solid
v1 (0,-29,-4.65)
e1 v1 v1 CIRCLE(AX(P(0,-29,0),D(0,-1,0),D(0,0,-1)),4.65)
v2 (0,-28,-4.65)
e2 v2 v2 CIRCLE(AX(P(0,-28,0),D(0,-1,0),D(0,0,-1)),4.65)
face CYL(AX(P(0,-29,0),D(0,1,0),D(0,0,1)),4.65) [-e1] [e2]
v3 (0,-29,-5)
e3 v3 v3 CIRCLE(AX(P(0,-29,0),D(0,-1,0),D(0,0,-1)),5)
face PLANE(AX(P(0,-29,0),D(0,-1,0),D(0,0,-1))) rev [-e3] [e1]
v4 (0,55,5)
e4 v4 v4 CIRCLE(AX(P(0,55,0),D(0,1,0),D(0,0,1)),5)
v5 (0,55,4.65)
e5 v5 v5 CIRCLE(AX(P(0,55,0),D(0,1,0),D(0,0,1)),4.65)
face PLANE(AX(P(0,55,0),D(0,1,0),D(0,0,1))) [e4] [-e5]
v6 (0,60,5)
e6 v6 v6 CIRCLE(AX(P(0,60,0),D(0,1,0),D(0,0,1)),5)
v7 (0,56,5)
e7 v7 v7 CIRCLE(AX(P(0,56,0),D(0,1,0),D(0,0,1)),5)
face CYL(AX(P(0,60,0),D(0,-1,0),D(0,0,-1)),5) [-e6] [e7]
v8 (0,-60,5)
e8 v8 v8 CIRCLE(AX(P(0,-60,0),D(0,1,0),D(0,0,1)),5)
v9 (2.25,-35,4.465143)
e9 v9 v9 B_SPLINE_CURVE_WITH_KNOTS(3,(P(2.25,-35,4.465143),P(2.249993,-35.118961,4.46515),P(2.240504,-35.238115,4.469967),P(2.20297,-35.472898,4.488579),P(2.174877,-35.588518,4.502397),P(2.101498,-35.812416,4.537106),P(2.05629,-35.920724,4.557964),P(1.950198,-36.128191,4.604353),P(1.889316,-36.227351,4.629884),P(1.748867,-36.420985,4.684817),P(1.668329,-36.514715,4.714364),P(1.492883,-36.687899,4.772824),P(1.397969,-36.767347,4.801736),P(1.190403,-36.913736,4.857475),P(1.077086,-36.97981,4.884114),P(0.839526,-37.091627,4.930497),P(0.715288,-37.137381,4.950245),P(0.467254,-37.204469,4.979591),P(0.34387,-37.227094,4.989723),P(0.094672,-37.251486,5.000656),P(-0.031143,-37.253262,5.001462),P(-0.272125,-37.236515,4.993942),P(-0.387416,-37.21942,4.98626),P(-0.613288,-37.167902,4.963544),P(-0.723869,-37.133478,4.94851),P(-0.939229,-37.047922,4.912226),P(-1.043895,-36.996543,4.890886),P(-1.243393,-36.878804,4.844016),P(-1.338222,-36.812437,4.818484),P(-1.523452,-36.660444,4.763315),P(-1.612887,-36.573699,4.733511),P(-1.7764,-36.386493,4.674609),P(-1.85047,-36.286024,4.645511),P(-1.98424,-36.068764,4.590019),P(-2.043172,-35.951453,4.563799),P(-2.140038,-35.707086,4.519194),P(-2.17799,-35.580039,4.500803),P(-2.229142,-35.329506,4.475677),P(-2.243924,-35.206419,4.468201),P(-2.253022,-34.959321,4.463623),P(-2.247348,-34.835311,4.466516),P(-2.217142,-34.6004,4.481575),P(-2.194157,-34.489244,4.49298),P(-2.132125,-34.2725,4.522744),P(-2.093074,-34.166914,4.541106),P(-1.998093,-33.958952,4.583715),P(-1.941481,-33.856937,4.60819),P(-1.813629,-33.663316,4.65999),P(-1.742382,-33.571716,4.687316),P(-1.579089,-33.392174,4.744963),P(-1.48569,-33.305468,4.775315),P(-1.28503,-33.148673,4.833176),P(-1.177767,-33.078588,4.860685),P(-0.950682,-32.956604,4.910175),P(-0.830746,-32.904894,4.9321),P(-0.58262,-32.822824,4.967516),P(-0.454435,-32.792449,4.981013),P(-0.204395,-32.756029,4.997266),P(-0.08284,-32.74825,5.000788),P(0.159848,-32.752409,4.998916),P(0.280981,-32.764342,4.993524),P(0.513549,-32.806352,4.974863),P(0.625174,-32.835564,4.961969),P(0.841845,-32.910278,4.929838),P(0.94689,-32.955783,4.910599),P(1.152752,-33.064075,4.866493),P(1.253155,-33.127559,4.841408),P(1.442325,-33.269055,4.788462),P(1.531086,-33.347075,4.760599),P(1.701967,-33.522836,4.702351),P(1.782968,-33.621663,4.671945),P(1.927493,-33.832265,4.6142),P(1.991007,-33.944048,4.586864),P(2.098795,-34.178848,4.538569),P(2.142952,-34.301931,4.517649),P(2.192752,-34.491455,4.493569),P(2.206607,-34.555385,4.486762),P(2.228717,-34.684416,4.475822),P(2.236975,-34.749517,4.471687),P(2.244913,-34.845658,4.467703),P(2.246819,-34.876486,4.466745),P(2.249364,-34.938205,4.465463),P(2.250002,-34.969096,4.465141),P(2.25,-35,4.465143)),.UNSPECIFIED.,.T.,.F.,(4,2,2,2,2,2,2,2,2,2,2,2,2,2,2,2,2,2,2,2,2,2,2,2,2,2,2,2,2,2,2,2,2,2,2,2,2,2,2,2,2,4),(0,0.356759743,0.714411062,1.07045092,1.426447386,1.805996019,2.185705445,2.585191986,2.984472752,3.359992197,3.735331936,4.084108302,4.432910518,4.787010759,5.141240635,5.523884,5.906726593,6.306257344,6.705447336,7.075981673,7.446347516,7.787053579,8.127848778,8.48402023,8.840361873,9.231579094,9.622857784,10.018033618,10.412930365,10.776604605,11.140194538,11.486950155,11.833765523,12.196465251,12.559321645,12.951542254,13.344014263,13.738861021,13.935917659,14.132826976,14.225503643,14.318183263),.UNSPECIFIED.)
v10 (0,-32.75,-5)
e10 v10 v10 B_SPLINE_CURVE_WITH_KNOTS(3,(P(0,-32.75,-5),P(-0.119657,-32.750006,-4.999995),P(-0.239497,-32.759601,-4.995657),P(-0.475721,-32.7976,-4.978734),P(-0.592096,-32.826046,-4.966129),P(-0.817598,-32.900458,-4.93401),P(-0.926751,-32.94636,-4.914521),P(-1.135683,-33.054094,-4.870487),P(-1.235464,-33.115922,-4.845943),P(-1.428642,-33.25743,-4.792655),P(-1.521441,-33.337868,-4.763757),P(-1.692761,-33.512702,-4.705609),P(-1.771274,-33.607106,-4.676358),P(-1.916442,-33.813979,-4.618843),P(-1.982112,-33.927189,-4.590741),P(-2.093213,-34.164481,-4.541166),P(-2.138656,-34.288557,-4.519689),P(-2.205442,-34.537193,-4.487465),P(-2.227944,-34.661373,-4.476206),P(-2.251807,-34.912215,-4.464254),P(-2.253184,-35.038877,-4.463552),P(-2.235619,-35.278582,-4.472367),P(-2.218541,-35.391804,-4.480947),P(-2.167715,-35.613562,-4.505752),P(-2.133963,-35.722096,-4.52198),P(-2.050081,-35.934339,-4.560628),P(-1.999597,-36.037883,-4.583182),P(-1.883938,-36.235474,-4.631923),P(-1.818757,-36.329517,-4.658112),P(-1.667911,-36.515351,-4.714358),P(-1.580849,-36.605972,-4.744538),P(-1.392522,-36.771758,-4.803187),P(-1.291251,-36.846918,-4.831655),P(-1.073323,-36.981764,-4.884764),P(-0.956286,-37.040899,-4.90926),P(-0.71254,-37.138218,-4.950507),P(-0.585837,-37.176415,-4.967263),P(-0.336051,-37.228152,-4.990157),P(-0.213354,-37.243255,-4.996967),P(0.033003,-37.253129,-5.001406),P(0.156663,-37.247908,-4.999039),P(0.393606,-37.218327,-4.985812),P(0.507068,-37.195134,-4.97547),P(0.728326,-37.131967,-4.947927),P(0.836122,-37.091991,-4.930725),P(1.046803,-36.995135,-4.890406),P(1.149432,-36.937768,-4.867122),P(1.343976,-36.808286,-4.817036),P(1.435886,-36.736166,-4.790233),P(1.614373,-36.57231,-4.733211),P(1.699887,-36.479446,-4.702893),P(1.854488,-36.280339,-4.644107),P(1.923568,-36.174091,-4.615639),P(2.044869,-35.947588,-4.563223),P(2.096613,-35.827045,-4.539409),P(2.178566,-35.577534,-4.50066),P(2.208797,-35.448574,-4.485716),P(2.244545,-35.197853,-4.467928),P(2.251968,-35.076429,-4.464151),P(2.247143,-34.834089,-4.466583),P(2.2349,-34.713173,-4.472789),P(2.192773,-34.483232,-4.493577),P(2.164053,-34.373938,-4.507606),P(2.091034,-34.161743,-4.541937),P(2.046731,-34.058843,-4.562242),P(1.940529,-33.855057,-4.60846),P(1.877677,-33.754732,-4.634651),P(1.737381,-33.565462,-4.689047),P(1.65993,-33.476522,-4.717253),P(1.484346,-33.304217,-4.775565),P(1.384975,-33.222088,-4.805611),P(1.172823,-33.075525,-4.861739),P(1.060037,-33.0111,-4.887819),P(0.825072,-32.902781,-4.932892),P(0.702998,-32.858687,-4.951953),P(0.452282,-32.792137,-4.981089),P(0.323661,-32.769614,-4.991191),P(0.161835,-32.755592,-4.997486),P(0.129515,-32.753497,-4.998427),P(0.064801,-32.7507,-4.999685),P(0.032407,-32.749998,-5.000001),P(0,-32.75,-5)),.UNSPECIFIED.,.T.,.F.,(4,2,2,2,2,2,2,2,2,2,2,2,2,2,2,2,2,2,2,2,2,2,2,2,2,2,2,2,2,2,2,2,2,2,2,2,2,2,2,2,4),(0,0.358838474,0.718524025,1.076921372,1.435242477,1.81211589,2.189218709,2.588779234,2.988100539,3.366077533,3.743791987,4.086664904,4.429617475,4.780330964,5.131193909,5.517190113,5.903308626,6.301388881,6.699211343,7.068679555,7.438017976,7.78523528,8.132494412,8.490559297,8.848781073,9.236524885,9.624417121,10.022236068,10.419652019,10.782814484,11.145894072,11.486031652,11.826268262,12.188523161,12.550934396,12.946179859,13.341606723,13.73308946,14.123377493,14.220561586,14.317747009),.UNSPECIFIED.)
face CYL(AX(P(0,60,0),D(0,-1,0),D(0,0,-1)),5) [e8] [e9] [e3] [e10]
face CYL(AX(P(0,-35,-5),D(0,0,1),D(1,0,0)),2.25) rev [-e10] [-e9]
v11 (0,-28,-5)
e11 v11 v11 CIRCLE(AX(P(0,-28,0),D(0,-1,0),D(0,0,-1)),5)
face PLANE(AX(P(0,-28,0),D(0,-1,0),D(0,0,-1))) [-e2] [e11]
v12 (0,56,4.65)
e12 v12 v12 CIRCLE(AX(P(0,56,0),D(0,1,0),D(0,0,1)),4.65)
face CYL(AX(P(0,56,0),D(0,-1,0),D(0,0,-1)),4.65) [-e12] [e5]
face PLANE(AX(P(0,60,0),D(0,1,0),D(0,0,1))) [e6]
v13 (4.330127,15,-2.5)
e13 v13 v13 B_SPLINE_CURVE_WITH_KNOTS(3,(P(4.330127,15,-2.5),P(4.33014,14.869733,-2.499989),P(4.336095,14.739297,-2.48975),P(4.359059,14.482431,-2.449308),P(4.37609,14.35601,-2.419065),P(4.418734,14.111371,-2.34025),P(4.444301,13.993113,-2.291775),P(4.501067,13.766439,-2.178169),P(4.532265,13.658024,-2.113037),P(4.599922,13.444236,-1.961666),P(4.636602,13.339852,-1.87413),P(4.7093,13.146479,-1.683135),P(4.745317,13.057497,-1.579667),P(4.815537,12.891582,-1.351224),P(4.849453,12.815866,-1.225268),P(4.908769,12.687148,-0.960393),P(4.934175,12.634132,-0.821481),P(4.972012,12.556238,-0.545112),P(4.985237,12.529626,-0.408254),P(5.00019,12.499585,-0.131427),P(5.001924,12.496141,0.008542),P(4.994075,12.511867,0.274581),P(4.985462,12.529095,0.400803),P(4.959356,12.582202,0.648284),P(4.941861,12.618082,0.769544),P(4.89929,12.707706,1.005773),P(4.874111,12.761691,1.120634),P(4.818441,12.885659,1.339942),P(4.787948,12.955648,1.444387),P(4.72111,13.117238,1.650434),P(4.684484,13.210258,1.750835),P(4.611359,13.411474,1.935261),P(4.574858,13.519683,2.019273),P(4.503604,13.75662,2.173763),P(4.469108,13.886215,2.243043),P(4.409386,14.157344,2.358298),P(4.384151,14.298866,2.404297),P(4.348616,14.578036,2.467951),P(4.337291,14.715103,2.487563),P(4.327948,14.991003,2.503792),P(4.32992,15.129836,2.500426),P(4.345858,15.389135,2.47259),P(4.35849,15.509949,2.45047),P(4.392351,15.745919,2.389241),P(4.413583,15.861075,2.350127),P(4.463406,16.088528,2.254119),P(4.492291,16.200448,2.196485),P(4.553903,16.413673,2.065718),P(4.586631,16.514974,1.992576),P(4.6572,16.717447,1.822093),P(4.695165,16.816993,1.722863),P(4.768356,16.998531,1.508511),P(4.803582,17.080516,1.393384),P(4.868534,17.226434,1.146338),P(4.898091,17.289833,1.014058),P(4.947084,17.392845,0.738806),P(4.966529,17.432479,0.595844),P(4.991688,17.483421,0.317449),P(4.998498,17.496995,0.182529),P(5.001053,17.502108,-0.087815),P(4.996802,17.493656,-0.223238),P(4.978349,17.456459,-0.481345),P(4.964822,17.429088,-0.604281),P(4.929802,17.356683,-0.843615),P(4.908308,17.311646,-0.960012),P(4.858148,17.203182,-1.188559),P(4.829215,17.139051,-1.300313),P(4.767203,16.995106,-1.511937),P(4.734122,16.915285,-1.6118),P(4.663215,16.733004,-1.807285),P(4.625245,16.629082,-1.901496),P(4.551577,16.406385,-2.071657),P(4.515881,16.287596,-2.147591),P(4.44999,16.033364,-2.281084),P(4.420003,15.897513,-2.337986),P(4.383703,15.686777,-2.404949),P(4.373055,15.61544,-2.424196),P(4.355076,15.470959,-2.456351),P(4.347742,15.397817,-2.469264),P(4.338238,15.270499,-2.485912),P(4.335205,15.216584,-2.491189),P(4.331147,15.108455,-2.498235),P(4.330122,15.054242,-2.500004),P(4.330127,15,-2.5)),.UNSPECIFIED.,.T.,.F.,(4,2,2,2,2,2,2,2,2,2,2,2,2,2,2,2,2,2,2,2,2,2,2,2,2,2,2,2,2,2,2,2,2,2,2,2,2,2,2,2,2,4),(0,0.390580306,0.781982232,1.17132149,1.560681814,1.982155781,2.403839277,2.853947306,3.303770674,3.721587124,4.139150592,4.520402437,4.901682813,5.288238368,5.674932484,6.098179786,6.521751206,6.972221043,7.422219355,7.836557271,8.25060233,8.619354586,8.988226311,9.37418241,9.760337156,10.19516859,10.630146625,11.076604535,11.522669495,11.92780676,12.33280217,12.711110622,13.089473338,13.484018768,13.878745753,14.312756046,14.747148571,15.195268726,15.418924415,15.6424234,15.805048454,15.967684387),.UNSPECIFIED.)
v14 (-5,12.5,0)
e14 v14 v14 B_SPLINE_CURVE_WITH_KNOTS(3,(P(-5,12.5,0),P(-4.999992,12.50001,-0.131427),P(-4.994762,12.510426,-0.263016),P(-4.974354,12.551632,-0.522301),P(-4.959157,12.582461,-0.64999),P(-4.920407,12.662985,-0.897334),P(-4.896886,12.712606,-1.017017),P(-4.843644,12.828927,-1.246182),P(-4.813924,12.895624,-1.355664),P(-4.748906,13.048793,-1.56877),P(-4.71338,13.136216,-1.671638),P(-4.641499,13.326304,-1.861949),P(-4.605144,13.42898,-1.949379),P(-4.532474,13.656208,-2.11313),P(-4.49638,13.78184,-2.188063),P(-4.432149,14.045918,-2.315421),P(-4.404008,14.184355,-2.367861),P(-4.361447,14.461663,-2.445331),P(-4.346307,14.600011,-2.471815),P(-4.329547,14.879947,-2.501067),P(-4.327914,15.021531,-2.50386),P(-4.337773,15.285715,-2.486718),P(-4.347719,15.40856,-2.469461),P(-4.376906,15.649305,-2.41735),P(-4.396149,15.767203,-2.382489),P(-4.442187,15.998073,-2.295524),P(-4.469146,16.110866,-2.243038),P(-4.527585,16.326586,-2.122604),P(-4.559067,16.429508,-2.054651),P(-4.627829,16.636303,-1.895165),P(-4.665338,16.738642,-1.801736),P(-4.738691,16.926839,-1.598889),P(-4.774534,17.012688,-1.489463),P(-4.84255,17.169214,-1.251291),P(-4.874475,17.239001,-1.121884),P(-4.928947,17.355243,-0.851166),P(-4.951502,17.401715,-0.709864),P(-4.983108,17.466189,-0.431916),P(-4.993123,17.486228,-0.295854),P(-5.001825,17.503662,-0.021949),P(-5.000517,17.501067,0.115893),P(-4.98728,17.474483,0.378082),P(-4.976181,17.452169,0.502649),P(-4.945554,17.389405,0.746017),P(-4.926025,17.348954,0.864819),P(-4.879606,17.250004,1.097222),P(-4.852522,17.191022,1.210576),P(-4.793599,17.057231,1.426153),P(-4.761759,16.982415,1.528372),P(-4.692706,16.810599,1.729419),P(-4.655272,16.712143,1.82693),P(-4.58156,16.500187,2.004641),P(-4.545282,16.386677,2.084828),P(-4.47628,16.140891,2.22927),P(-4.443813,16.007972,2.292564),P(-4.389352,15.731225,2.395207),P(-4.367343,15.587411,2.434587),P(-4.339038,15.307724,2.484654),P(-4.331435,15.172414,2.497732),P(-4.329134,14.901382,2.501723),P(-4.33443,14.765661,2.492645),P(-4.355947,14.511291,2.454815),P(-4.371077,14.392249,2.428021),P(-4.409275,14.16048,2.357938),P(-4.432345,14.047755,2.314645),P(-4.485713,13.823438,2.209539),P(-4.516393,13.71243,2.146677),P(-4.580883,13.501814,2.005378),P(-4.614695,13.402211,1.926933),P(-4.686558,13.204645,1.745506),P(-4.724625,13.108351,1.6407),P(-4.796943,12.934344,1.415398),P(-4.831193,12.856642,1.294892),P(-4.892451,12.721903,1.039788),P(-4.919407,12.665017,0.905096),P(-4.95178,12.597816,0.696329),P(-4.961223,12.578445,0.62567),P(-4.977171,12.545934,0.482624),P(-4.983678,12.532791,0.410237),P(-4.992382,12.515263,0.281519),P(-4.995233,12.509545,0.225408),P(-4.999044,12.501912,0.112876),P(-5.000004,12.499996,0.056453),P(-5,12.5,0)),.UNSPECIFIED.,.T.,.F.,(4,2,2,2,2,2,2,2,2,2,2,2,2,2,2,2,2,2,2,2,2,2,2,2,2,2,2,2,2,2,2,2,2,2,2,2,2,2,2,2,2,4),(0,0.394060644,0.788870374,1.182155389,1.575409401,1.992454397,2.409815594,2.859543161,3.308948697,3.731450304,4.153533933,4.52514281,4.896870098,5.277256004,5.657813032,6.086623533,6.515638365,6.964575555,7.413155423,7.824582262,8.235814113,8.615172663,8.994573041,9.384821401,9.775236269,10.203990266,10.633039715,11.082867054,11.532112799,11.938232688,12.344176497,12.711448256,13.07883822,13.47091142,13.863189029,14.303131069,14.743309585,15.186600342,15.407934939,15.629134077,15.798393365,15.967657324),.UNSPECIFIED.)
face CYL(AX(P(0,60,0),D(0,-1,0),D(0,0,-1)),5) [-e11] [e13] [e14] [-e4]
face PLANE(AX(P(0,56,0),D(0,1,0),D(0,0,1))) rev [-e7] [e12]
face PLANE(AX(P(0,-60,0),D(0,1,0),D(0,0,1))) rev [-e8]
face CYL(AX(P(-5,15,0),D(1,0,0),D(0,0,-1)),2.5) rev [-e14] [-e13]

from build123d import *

# Parameters (mm, degrees)
SKETCH1_R               = 5
BOSS_EXTRUDE1_DEPTH     = 60
CUT_EXTRUDE2_DEPTH      = 61.415229868
CUT_EXTRUDE2_DEPTH_BACK = 61.415229868
SKETCH3_R               = 2.25
SKETCH4_R               = 5
SKETCH4_R_2             = 4.65
CUT_EXTRUDE3_DEPTH      = 1
CUT_EXTRUDE4_START      = 1
SKETCH5_R               = 5
SKETCH5_R_2             = 4.65
CUT_EXTRUDE4_DEPTH      = 1
CUT_EXTRUDE5_DEPTH      = 61.415229984
CUT_EXTRUDE5_DEPTH_BACK = 61.415229984
SKETCH6_R               = 2.5


with BuildPart() as part:
    # Sketch1 → Boss-Extrude1 (new, symmetric)
    with BuildSketch(Plane(origin=(0, 0, 0), x_dir=(1, 0, 0), z_dir=(0, 1, 0))):
        with Locations(Location((0, 0, 0), (0, 0, 270))):
            Circle(SKETCH1_R)
    extrude(amount=BOSS_EXTRUDE1_DEPTH, both=True)

    # Sketch3 → Cut-Extrude2 (cut, two sides: drawn at the far end of the back side and taken through both)
    with BuildSketch(Plane.XY.offset(-CUT_EXTRUDE2_DEPTH_BACK)):
        with Locations(Location((0, -35, 0), (0, 0, 89.999999993))):
            Circle(SKETCH3_R)
    extrude(amount=CUT_EXTRUDE2_DEPTH + CUT_EXTRUDE2_DEPTH_BACK, mode=Mode.SUBTRACT)

    # Sketch4 → Cut-Extrude3 (cut)
    with BuildSketch(Plane(origin=(0, -28, 0), x_dir=(-1, 0, 0), z_dir=(0, -1, 0))):
        with Locations(Location((0, 0, 0), (0, 0, 90))):
            Circle(SKETCH4_R)
        with Locations(Location((0, 0, 0), (0, 0, 90))):
            Circle(SKETCH4_R_2, mode=Mode.SUBTRACT)
    extrude(amount=CUT_EXTRUDE3_DEPTH, mode=Mode.SUBTRACT)

    # Sketch5 → Cut-Extrude4 (cut)
    with BuildSketch(Plane(origin=(0, 55, 0), x_dir=(1, 0, 0), z_dir=(0, 1, 0)).offset(CUT_EXTRUDE4_START)):
        with Locations(Location((0, 0, 0), (0, 0, 90))):
            Circle(SKETCH5_R)
        with Locations(Location((0, 0, 0), (0, 0, 90))):
            Circle(SKETCH5_R_2, mode=Mode.SUBTRACT)
    extrude(amount=-CUT_EXTRUDE4_DEPTH, mode=Mode.SUBTRACT)

    # Sketch6 → Cut-Extrude5 (cut, two sides: drawn at the far end of the back side and taken through both)
    with BuildSketch(Plane(origin=(0, 0, 0), x_dir=(0, 0, -1), z_dir=(1, 0, 0)).offset(-CUT_EXTRUDE5_DEPTH_BACK)):
        with Locations((0, 15)):
            Circle(SKETCH6_R)
    extrude(amount=CUT_EXTRUDE5_DEPTH + CUT_EXTRUDE5_DEPTH_BACK, mode=Mode.SUBTRACT)


solid = part.part
